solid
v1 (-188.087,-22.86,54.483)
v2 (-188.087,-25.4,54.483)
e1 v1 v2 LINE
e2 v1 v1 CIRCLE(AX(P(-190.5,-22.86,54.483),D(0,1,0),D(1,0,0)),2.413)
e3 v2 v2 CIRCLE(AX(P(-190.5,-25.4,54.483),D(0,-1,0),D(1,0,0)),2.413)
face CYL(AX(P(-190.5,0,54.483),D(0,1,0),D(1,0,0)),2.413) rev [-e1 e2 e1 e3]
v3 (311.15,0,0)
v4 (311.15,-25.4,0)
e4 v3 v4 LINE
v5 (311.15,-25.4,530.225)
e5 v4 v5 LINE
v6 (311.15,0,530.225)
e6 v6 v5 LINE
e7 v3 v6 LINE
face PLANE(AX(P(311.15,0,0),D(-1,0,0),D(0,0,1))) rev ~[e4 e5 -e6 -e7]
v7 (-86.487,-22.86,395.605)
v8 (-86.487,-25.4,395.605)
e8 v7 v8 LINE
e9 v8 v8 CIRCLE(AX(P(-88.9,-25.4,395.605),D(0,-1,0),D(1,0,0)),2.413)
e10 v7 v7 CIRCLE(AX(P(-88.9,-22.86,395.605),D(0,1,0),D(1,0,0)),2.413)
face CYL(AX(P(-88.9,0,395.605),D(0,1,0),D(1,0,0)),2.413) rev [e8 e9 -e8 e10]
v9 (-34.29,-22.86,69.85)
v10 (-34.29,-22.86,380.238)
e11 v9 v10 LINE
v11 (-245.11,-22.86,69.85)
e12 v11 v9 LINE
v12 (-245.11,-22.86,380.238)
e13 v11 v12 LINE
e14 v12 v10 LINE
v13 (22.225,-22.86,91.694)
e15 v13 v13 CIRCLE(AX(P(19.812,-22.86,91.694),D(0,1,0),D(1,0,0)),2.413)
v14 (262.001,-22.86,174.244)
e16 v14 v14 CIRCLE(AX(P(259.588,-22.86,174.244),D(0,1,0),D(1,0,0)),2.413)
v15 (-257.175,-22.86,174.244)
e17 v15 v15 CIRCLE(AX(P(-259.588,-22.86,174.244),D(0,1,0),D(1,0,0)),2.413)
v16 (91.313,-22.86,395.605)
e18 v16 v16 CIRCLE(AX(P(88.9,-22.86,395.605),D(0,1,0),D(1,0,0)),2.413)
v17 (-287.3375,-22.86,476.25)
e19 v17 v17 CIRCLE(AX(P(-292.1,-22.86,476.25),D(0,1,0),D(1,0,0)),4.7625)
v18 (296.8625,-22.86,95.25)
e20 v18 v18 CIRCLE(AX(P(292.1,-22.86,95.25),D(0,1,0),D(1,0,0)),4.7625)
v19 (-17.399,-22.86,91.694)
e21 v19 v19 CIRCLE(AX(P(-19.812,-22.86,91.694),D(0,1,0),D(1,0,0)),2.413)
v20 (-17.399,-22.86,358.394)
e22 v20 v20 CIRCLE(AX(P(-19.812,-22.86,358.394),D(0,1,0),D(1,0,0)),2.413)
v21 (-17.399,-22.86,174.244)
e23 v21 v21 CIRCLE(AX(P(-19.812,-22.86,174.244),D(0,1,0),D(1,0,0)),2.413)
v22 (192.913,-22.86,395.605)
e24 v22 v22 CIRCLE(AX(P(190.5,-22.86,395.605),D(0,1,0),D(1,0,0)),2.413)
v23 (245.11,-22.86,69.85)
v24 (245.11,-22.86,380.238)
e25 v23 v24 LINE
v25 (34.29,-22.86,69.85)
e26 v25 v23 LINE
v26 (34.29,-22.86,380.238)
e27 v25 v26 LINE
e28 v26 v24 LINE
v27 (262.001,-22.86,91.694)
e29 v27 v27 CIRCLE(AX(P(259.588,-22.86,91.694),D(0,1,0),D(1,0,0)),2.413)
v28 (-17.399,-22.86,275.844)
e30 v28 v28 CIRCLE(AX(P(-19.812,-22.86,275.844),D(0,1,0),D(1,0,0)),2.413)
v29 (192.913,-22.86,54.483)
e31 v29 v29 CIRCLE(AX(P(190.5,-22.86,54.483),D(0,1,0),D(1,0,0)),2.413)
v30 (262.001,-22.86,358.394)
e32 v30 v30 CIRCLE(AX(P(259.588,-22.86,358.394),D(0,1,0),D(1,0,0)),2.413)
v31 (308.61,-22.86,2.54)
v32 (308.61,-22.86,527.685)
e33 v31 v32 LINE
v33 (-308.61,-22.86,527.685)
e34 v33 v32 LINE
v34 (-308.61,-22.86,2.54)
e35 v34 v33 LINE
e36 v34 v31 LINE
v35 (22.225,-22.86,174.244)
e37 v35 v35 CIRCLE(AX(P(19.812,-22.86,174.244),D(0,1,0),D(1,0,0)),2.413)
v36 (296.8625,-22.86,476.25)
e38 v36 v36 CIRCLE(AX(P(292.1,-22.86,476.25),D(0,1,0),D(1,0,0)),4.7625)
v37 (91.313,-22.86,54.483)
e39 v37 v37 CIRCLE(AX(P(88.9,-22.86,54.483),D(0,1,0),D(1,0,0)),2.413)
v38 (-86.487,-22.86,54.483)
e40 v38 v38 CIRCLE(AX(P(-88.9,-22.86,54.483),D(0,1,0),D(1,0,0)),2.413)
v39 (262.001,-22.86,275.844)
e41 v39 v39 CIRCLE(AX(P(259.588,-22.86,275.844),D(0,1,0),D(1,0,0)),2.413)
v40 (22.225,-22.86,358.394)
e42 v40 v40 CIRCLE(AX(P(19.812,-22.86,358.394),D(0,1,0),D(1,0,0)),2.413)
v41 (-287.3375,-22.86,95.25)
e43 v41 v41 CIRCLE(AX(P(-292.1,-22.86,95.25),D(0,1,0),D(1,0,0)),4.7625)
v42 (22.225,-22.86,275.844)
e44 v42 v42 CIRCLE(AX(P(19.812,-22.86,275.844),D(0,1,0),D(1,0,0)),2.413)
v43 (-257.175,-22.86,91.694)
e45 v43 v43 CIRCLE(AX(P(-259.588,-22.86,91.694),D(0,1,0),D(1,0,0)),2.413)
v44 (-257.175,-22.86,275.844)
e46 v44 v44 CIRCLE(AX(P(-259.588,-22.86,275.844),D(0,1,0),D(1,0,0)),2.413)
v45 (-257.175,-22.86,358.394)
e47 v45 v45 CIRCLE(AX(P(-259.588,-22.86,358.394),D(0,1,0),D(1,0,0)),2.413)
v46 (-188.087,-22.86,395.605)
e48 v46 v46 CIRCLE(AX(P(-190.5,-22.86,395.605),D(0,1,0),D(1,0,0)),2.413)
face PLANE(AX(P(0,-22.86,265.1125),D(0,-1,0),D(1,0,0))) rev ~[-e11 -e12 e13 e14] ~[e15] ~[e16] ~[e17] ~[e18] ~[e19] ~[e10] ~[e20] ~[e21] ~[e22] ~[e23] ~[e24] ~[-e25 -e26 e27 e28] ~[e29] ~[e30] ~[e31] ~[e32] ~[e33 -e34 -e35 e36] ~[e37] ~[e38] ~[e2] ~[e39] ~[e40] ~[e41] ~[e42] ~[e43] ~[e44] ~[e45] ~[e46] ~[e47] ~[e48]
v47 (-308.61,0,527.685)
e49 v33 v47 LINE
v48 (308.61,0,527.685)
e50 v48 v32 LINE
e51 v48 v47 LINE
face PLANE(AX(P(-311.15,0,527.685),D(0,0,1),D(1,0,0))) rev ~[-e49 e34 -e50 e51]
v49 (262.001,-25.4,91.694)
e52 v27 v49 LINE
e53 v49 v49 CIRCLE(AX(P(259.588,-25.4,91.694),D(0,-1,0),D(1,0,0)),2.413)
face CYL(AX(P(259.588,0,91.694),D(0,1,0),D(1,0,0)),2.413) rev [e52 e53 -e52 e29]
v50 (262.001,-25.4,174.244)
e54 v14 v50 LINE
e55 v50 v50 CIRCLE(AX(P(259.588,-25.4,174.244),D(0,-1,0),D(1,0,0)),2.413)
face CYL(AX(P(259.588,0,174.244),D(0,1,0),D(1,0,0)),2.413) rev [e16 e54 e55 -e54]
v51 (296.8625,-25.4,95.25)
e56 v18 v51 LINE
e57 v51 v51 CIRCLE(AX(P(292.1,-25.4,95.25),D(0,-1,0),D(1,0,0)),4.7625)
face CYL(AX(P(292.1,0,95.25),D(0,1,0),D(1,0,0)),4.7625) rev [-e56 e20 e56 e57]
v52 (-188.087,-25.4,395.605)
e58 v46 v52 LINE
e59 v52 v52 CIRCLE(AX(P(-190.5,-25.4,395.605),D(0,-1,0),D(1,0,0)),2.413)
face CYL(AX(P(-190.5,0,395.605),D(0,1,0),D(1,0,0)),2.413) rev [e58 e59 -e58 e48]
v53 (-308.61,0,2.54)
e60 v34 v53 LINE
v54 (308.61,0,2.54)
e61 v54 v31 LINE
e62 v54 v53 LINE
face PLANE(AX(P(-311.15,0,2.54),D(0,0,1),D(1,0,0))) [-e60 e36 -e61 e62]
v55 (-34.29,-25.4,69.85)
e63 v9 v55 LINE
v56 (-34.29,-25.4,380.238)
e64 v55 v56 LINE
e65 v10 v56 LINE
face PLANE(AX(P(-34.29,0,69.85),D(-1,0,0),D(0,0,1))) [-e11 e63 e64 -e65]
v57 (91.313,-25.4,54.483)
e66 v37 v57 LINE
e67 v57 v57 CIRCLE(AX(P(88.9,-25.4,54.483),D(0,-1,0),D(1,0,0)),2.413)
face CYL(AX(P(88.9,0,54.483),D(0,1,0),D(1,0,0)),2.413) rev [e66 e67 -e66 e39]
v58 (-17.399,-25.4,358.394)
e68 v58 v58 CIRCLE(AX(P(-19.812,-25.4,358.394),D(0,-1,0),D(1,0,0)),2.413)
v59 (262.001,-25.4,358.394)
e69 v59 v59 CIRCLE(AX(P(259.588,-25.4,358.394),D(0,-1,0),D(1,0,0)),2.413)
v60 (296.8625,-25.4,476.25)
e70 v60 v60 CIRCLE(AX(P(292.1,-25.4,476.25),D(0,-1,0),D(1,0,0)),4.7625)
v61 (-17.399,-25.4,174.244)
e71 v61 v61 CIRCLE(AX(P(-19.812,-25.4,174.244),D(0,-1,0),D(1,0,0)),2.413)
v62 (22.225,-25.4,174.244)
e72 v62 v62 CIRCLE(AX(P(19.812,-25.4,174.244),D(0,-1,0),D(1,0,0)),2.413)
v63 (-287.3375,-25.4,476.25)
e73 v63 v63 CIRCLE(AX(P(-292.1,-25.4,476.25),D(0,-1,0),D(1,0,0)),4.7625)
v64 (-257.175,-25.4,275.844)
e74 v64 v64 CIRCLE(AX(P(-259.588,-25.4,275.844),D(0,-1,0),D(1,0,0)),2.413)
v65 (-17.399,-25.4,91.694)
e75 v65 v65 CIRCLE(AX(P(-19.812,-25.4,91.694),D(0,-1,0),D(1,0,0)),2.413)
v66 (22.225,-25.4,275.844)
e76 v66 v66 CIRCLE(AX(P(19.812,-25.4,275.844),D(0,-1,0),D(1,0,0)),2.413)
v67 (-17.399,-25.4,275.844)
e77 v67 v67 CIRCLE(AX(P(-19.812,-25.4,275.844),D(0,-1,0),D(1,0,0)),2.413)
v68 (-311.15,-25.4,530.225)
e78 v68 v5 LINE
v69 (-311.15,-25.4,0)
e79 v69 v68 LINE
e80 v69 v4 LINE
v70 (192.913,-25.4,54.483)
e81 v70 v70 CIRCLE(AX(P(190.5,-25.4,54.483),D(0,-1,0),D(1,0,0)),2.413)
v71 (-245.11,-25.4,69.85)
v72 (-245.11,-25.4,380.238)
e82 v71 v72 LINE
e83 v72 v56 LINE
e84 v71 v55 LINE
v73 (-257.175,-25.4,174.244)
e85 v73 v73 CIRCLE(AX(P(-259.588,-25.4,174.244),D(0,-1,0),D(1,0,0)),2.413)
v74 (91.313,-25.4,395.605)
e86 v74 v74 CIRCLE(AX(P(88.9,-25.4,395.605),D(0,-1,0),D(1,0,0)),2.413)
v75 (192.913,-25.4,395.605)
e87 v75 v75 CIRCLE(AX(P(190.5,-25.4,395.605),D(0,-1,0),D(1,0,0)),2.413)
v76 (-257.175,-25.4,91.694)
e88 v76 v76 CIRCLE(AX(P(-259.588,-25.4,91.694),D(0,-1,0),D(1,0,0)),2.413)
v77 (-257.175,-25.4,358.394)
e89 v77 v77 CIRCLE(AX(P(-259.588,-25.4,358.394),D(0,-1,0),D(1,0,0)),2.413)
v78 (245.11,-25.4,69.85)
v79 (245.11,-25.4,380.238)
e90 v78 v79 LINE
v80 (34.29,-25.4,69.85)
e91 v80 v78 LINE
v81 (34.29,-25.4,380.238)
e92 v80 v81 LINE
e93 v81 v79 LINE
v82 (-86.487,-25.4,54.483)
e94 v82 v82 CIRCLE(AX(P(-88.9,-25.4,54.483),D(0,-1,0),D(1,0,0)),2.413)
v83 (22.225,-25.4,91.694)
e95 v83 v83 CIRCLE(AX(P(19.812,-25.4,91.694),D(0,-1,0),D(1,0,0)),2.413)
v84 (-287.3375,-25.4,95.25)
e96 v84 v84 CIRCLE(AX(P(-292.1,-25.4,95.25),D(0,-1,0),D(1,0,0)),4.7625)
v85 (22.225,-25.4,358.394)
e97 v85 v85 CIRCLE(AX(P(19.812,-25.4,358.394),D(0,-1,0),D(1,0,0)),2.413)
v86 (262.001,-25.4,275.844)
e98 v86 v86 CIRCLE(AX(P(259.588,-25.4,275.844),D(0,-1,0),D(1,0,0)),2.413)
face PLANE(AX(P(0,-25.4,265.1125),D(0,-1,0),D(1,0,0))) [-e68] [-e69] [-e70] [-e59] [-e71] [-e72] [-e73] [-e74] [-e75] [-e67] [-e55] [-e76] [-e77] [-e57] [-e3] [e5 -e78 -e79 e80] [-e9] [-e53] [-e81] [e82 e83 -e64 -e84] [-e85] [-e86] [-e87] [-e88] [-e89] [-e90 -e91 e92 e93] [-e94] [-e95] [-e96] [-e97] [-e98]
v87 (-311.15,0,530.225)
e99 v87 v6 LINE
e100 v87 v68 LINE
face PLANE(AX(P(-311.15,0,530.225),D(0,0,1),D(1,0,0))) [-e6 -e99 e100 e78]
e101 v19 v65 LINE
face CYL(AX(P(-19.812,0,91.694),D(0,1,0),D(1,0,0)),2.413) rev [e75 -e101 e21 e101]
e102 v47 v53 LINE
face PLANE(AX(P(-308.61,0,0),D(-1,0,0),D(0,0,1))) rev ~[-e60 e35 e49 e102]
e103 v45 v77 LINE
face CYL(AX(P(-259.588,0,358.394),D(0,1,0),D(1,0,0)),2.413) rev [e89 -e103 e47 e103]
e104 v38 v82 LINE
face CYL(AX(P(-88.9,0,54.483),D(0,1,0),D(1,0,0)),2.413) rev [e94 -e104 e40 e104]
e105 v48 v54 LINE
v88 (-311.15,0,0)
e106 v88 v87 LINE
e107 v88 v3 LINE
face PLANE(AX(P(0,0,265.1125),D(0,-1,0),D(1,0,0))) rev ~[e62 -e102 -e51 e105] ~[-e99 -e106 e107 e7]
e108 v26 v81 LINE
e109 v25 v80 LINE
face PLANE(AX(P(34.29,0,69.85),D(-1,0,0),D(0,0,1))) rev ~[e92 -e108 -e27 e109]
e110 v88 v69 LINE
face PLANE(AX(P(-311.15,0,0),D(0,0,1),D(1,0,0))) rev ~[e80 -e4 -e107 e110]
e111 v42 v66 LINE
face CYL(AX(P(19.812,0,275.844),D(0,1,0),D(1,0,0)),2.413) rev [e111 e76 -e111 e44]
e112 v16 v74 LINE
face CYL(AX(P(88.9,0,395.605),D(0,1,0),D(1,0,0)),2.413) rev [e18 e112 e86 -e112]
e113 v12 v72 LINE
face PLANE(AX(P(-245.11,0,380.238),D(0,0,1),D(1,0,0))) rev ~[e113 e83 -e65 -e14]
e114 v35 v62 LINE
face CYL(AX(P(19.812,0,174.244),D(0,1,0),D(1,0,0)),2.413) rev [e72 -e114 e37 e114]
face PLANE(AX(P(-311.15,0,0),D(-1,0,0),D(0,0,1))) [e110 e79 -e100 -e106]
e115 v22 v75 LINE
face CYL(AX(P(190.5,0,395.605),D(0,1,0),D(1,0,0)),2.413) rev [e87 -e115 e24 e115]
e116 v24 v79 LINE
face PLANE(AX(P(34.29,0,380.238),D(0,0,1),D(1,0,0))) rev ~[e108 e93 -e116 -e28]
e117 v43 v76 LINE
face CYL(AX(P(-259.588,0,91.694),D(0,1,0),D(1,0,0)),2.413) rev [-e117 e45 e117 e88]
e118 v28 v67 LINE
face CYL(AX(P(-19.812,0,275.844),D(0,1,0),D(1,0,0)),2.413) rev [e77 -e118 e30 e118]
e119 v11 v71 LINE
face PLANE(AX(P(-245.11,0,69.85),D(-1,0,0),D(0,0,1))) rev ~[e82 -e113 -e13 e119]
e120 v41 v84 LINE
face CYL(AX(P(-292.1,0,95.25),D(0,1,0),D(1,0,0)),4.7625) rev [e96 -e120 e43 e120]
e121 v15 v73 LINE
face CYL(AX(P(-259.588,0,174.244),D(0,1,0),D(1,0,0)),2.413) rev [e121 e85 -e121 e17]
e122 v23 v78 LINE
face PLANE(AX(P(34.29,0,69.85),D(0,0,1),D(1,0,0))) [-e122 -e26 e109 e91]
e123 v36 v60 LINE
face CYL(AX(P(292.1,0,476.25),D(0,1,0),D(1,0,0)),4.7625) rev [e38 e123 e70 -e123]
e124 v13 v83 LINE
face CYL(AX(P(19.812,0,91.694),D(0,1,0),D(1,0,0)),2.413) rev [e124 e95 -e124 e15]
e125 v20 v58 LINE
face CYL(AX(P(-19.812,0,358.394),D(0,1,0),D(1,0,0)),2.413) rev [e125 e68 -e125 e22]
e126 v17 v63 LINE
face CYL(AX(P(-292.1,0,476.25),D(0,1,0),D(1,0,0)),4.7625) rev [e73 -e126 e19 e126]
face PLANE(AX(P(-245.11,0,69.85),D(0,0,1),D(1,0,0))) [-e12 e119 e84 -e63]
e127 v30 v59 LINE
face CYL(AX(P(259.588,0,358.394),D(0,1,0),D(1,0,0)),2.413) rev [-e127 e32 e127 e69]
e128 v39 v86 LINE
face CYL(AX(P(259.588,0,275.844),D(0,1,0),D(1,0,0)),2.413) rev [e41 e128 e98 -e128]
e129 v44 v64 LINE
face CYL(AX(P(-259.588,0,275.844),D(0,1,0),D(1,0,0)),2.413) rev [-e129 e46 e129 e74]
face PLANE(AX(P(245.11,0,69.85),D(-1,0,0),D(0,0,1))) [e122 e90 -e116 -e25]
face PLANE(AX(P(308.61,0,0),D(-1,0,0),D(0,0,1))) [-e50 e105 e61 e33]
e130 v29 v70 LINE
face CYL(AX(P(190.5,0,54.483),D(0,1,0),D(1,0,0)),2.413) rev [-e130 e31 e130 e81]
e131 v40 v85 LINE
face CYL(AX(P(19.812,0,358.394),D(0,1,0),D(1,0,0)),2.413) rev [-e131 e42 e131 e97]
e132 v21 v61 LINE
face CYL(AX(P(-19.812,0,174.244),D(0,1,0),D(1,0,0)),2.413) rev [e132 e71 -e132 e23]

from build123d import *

# Parameters (mm, degrees)
F0_W     = 622.3
F0_H     = 530.225
F0_R     = 2.413
F0_R_2   = 4.7625
F0_W_2   = 210.82
F0_H_2   = 310.388
F1_DEPTH = 25.4
F2_T     = -2.54
F3_W     = 617.22
F3_H     = 22.86
F4_DEPTH = 525.145


with BuildPart() as f1:
    # F0 (on Front) → F1 (new body)
    with BuildSketch(Plane.XZ):
        with Locations((0, 265.1125)):
            Rectangle(F0_W, F0_H)
        with Locations((-190.5, 54.483)):
            Circle(F0_R, mode=Mode.SUBTRACT)
        with Locations((-292.1, 95.25)):
            Circle(F0_R_2, mode=Mode.SUBTRACT)
        with Locations((-259.588, 91.694)):
            Circle(F0_R, mode=Mode.SUBTRACT)
        with Locations((-88.9, 54.483)):
            Circle(F0_R, mode=Mode.SUBTRACT)
        with Locations((-19.812, 91.694)):
            Circle(F0_R, mode=Mode.SUBTRACT)
        with Locations((-259.588, 174.244)):
            Circle(F0_R, mode=Mode.SUBTRACT)
        with Locations((-19.812, 174.244)):
            Circle(F0_R, mode=Mode.SUBTRACT)
        with Locations((-139.7, 225.044)):
            Rectangle(F0_W_2, F0_H_2, mode=Mode.SUBTRACT)
        with Locations((88.9, 54.483)):
            Circle(F0_R, mode=Mode.SUBTRACT)
        with Locations((19.812, 91.694)):
            Circle(F0_R, mode=Mode.SUBTRACT)
        with Locations((190.5, 54.483)):
            Circle(F0_R, mode=Mode.SUBTRACT)
        with Locations((259.588, 91.694)):
            Circle(F0_R, mode=Mode.SUBTRACT)
        with Locations((292.1, 95.25)):
            Circle(F0_R_2, mode=Mode.SUBTRACT)
        with Locations((19.812, 174.244)):
            Circle(F0_R, mode=Mode.SUBTRACT)
        with Locations((139.7, 225.044)):
            Rectangle(F0_W_2, F0_H_2, mode=Mode.SUBTRACT)
        with Locations((259.588, 174.244)):
            Circle(F0_R, mode=Mode.SUBTRACT)
        with Locations((-259.588, 275.844)):
            Circle(F0_R, mode=Mode.SUBTRACT)
        with Locations((-259.588, 358.394)):
            Circle(F0_R, mode=Mode.SUBTRACT)
        with Locations((-190.5, 395.605)):
            Circle(F0_R, mode=Mode.SUBTRACT)
        with Locations((-19.812, 275.844)):
            Circle(F0_R, mode=Mode.SUBTRACT)
        with Locations((-88.9, 395.605)):
            Circle(F0_R, mode=Mode.SUBTRACT)
        with Locations((-19.812, 358.394)):
            Circle(F0_R, mode=Mode.SUBTRACT)
        with Locations((-292.1, 476.25)):
            Circle(F0_R_2, mode=Mode.SUBTRACT)
        with Locations((19.812, 275.844)):
            Circle(F0_R, mode=Mode.SUBTRACT)
        with Locations((19.812, 358.394)):
            Circle(F0_R, mode=Mode.SUBTRACT)
        with Locations((88.9, 395.605)):
            Circle(F0_R, mode=Mode.SUBTRACT)
        with Locations((259.588, 275.844)):
            Circle(F0_R, mode=Mode.SUBTRACT)
        with Locations((190.5, 395.605)):
            Circle(F0_R, mode=Mode.SUBTRACT)
        with Locations((259.588, 358.394)):
            Circle(F0_R, mode=Mode.SUBTRACT)
        with Locations((292.1, 476.25)):
            Circle(F0_R_2, mode=Mode.SUBTRACT)
    extrude(amount=F1_DEPTH)

    # F2
    f2_openings = [f1.faces().sort_by_distance(p)[0] for p in [
        (0, 0, 291.607125),
    ]]
    offset(amount=F2_T, openings=f2_openings, kind=Kind.INTERSECTION)

    # F3 (on face) → F4 (cut, through all)
    with BuildSketch(Plane(origin=(0, 0, 527.685), x_dir=(1, 0, 0), z_dir=(0, 0, -1))):
        with Locations((0, 11.43)):
            Rectangle(F3_W, F3_H)
    extrude(amount=F4_DEPTH, mode=Mode.SUBTRACT)


solid = f1.part
